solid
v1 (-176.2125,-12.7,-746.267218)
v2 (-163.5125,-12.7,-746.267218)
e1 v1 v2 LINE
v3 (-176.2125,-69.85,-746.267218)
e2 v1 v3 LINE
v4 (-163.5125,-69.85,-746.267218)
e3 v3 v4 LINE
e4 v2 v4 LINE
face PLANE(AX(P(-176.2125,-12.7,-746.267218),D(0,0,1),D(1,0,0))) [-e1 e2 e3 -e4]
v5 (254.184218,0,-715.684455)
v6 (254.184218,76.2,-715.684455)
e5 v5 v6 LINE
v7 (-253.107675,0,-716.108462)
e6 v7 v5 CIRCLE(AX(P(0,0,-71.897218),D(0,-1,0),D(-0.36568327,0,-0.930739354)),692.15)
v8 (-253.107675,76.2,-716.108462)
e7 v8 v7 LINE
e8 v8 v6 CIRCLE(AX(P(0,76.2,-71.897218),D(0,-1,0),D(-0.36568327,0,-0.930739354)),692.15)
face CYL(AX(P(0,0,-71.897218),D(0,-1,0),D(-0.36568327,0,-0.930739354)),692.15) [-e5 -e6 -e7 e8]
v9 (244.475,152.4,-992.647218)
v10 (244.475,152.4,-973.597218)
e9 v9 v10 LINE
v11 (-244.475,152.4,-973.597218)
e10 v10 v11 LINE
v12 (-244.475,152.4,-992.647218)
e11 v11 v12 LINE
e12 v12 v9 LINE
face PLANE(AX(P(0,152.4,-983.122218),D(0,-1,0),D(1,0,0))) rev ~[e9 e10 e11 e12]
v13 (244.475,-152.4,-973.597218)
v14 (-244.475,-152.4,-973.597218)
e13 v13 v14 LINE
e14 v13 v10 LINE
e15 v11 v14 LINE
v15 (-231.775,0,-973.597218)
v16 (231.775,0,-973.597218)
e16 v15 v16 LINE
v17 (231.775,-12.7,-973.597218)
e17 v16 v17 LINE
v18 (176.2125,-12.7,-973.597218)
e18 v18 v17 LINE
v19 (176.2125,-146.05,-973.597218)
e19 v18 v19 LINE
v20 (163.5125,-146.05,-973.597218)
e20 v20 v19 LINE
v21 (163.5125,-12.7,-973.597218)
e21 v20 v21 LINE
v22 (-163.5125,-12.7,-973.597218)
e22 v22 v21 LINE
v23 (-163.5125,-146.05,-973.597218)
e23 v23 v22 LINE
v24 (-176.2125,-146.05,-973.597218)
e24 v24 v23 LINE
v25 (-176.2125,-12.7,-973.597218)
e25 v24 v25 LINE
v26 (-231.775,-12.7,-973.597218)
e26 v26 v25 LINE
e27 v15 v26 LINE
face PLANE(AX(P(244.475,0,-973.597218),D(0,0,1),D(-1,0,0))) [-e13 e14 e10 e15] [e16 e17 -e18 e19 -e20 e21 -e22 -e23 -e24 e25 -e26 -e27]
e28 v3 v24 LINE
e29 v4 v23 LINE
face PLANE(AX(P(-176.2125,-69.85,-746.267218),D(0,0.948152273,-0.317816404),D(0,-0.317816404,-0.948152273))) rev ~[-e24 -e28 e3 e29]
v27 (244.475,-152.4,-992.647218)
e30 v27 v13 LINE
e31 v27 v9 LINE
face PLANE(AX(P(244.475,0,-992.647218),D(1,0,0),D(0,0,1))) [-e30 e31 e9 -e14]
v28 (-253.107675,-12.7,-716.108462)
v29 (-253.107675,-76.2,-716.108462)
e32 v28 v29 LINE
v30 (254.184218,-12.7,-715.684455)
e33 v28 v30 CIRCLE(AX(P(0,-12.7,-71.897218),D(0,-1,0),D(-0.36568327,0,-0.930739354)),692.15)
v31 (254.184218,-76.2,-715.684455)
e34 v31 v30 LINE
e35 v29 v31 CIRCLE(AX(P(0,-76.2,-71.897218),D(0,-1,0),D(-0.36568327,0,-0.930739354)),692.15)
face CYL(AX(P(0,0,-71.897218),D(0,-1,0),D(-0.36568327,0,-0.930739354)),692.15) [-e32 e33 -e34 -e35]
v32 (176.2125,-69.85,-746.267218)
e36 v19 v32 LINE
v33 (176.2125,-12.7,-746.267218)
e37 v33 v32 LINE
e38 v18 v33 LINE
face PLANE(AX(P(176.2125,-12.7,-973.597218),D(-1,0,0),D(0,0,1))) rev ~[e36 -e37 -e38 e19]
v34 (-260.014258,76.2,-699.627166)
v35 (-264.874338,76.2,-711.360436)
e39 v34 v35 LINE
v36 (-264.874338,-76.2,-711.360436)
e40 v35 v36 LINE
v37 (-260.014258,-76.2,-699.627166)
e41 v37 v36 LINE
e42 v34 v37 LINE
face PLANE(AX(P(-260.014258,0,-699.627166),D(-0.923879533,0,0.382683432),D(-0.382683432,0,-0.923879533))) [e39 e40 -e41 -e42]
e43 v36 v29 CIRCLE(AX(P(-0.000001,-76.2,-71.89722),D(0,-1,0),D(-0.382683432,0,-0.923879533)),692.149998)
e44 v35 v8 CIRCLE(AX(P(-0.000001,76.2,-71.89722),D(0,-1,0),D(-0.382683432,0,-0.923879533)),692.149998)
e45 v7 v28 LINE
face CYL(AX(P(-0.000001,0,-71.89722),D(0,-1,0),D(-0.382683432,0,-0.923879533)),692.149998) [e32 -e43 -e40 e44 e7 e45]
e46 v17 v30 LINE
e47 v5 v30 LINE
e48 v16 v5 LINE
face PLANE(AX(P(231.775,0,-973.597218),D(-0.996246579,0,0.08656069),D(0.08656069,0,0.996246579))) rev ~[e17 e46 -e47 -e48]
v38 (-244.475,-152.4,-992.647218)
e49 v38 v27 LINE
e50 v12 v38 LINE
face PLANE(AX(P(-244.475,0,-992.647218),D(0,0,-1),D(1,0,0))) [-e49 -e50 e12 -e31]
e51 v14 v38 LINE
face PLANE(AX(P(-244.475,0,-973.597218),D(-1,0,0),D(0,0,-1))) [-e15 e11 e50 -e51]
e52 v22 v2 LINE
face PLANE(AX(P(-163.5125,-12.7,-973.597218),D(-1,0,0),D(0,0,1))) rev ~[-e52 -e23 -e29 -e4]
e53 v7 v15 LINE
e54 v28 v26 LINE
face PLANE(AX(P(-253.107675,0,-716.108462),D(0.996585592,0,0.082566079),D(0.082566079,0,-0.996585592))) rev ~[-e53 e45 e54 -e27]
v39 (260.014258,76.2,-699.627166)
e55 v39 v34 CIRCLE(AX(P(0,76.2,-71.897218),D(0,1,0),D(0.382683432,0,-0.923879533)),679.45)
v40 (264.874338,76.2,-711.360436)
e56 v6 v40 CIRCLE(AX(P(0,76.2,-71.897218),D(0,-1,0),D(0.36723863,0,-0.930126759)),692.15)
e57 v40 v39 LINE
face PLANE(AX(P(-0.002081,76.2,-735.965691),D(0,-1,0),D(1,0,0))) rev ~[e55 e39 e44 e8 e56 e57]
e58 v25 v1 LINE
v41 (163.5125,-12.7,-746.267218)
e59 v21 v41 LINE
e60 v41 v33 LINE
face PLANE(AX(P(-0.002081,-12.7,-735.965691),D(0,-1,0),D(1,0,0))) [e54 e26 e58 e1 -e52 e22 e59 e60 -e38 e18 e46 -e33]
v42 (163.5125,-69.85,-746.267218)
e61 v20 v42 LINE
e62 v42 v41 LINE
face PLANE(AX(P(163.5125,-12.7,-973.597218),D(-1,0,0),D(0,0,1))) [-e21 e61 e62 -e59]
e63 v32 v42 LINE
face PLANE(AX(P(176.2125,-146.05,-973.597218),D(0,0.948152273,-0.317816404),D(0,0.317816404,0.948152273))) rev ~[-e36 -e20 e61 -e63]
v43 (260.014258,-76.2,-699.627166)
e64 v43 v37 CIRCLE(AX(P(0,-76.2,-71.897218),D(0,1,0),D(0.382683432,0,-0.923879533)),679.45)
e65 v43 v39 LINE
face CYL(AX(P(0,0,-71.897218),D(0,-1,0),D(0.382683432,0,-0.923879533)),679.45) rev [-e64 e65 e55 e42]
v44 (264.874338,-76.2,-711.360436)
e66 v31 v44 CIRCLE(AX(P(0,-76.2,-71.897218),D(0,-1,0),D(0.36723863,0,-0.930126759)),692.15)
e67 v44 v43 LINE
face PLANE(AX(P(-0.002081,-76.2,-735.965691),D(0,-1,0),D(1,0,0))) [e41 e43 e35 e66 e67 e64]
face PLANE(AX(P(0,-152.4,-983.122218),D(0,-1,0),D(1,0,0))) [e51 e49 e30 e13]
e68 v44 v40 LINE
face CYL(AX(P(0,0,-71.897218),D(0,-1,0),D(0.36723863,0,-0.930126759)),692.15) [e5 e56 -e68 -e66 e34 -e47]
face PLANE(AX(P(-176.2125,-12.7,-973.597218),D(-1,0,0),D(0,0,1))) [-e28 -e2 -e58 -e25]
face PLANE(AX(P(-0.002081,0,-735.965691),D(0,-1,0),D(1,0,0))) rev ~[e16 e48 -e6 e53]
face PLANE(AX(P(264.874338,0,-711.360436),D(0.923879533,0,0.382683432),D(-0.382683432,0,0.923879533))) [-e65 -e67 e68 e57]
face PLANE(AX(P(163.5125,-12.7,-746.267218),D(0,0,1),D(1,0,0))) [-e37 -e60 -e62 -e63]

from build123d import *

# Parameters (mm, degrees)
F1_DEPTH  = 152.4
F2_DEPTH  = 12.7
F3_DEPTH  = 76.2
F4_W      = 12.7
F4_H      = 227.33
F5_DEPTH  = 25.4
F6_DEPTH  = 133.35
F8_DEPTH  = 12.7
F10_DEPTH = 12.7


with BuildPart() as f1:
    # F0 (on Front) → F1 (new body, symmetric)
    with BuildSketch(Plane.XZ):
        Polygon((231.775, -973.5972180367), (-231.775, -973.5972180367), (-244.475, -973.5972180367), (-244.475, -992.6472180367), (244.475, -992.6472180367), (244.475, -973.5972180367), align=None)
    extrude(amount=F1_DEPTH, both=True)

    # F0 (on Front) → F2 (join)
    with BuildSketch(Plane.XZ):
        with BuildLine():
            ThreePointArc((260.0142581205, -699.6271664014), (0, -751.3472180367), (-260.0142581205, -699.6271664014))
            Line((-260.0142581205, -699.6271664014), (-264.8743377115, -711.3604364643))
            ThreePointArc((-264.8743377115, -711.3604364643), (-259.0018869142, -713.7614132329), (-253.1076754433, -716.1084622195))
            ThreePointArc((-253.1076754433, -716.1084622195), (0.5785166895, -764.0469762671), (254.1842179232, -715.6844545199))
            ThreePointArc((254.1842179232, -715.6844545199), (259.5382829708, -713.5447086205), (264.8743377115, -711.3604364643))
            Line((264.8743377115, -711.3604364643), (260.0142581205, -699.6271664014))
        make_face()
        with BuildLine():
            ThreePointArc((254.1842179232, -715.6844545199), (0.5785166895, -764.0469762671), (-253.1076754433, -716.1084622195))
            Line((-253.1076754433, -716.1084622195), (-231.775, -973.5972180367))
            Line((-231.775, -973.5972180367), (231.775, -973.5972180367))
            Line((231.775, -973.5972180367), (254.1842179232, -715.6844545199))
        make_face()
        Polygon((231.775, -973.5972180367), (-231.775, -973.5972180367), (-244.475, -973.5972180367), (-244.475, -992.6472180367), (244.475, -992.6472180367), (244.475, -973.5972180367), align=None)
    extrude(amount=F2_DEPTH)

    # F0 (on Front) → F3 (join, symmetric)
    with BuildSketch(Plane.XZ):
        with BuildLine():
            ThreePointArc((260.0142581205, -699.6271664014), (0, -751.3472180367), (-260.0142581205, -699.6271664014))
            Line((-260.0142581205, -699.6271664014), (-264.8743377115, -711.3604364643))
            ThreePointArc((-264.8743377115, -711.3604364643), (-259.0018869142, -713.7614132329), (-253.1076754433, -716.1084622195))
            ThreePointArc((-253.1076754433, -716.1084622195), (0.5785166895, -764.0469762671), (254.1842179232, -715.6844545199))
            ThreePointArc((254.1842179232, -715.6844545199), (259.5382829708, -713.5447086205), (264.8743377115, -711.3604364643))
            Line((264.8743377115, -711.3604364643), (260.0142581205, -699.6271664014))
        make_face()
    extrude(amount=F3_DEPTH, both=True)

    # F4 (on face) → F5 (join)
    with BuildSketch(Plane.XZ.offset(12.7)):
        with Locations((-169.8625, -859.9322180367)):
            Rectangle(F4_W, F4_H)
        with Locations((169.8625, -859.9322180367)):
            Rectangle(F4_W, F4_H)
    extrude(amount=F5_DEPTH)

    # F4 (on face) → F6 (join)
    with BuildSketch(Plane.XZ.offset(12.7)):
        with Locations((-169.8625, -859.9322180367)):
            Rectangle(F4_W, F4_H)
        with Locations((169.8625, -859.9322180367)):
            Rectangle(F4_W, F4_H)
    extrude(amount=F6_DEPTH)

    # F7 (on face) → F8 (cut)
    with BuildSketch(Plane(origin=(-176.2125, 0, 0), x_dir=(0, -1, 0), z_dir=(-1, 0, 0))):
        Polygon((146.05, -746.2672180367), (69.85, -746.2672180367), (146.05, -973.5972180367), align=None)
    extrude(amount=-F8_DEPTH, mode=Mode.SUBTRACT)

    # F9 (on face) → F10 (cut)
    with BuildSketch(Plane.YZ.offset(176.2125)):
        Polygon((-146.05, -973.5972180367), (-69.85, -746.2672180367), (-146.05, -746.2672180367), align=None)
    extrude(amount=-F10_DEPTH, mode=Mode.SUBTRACT)


solid = f1.part
